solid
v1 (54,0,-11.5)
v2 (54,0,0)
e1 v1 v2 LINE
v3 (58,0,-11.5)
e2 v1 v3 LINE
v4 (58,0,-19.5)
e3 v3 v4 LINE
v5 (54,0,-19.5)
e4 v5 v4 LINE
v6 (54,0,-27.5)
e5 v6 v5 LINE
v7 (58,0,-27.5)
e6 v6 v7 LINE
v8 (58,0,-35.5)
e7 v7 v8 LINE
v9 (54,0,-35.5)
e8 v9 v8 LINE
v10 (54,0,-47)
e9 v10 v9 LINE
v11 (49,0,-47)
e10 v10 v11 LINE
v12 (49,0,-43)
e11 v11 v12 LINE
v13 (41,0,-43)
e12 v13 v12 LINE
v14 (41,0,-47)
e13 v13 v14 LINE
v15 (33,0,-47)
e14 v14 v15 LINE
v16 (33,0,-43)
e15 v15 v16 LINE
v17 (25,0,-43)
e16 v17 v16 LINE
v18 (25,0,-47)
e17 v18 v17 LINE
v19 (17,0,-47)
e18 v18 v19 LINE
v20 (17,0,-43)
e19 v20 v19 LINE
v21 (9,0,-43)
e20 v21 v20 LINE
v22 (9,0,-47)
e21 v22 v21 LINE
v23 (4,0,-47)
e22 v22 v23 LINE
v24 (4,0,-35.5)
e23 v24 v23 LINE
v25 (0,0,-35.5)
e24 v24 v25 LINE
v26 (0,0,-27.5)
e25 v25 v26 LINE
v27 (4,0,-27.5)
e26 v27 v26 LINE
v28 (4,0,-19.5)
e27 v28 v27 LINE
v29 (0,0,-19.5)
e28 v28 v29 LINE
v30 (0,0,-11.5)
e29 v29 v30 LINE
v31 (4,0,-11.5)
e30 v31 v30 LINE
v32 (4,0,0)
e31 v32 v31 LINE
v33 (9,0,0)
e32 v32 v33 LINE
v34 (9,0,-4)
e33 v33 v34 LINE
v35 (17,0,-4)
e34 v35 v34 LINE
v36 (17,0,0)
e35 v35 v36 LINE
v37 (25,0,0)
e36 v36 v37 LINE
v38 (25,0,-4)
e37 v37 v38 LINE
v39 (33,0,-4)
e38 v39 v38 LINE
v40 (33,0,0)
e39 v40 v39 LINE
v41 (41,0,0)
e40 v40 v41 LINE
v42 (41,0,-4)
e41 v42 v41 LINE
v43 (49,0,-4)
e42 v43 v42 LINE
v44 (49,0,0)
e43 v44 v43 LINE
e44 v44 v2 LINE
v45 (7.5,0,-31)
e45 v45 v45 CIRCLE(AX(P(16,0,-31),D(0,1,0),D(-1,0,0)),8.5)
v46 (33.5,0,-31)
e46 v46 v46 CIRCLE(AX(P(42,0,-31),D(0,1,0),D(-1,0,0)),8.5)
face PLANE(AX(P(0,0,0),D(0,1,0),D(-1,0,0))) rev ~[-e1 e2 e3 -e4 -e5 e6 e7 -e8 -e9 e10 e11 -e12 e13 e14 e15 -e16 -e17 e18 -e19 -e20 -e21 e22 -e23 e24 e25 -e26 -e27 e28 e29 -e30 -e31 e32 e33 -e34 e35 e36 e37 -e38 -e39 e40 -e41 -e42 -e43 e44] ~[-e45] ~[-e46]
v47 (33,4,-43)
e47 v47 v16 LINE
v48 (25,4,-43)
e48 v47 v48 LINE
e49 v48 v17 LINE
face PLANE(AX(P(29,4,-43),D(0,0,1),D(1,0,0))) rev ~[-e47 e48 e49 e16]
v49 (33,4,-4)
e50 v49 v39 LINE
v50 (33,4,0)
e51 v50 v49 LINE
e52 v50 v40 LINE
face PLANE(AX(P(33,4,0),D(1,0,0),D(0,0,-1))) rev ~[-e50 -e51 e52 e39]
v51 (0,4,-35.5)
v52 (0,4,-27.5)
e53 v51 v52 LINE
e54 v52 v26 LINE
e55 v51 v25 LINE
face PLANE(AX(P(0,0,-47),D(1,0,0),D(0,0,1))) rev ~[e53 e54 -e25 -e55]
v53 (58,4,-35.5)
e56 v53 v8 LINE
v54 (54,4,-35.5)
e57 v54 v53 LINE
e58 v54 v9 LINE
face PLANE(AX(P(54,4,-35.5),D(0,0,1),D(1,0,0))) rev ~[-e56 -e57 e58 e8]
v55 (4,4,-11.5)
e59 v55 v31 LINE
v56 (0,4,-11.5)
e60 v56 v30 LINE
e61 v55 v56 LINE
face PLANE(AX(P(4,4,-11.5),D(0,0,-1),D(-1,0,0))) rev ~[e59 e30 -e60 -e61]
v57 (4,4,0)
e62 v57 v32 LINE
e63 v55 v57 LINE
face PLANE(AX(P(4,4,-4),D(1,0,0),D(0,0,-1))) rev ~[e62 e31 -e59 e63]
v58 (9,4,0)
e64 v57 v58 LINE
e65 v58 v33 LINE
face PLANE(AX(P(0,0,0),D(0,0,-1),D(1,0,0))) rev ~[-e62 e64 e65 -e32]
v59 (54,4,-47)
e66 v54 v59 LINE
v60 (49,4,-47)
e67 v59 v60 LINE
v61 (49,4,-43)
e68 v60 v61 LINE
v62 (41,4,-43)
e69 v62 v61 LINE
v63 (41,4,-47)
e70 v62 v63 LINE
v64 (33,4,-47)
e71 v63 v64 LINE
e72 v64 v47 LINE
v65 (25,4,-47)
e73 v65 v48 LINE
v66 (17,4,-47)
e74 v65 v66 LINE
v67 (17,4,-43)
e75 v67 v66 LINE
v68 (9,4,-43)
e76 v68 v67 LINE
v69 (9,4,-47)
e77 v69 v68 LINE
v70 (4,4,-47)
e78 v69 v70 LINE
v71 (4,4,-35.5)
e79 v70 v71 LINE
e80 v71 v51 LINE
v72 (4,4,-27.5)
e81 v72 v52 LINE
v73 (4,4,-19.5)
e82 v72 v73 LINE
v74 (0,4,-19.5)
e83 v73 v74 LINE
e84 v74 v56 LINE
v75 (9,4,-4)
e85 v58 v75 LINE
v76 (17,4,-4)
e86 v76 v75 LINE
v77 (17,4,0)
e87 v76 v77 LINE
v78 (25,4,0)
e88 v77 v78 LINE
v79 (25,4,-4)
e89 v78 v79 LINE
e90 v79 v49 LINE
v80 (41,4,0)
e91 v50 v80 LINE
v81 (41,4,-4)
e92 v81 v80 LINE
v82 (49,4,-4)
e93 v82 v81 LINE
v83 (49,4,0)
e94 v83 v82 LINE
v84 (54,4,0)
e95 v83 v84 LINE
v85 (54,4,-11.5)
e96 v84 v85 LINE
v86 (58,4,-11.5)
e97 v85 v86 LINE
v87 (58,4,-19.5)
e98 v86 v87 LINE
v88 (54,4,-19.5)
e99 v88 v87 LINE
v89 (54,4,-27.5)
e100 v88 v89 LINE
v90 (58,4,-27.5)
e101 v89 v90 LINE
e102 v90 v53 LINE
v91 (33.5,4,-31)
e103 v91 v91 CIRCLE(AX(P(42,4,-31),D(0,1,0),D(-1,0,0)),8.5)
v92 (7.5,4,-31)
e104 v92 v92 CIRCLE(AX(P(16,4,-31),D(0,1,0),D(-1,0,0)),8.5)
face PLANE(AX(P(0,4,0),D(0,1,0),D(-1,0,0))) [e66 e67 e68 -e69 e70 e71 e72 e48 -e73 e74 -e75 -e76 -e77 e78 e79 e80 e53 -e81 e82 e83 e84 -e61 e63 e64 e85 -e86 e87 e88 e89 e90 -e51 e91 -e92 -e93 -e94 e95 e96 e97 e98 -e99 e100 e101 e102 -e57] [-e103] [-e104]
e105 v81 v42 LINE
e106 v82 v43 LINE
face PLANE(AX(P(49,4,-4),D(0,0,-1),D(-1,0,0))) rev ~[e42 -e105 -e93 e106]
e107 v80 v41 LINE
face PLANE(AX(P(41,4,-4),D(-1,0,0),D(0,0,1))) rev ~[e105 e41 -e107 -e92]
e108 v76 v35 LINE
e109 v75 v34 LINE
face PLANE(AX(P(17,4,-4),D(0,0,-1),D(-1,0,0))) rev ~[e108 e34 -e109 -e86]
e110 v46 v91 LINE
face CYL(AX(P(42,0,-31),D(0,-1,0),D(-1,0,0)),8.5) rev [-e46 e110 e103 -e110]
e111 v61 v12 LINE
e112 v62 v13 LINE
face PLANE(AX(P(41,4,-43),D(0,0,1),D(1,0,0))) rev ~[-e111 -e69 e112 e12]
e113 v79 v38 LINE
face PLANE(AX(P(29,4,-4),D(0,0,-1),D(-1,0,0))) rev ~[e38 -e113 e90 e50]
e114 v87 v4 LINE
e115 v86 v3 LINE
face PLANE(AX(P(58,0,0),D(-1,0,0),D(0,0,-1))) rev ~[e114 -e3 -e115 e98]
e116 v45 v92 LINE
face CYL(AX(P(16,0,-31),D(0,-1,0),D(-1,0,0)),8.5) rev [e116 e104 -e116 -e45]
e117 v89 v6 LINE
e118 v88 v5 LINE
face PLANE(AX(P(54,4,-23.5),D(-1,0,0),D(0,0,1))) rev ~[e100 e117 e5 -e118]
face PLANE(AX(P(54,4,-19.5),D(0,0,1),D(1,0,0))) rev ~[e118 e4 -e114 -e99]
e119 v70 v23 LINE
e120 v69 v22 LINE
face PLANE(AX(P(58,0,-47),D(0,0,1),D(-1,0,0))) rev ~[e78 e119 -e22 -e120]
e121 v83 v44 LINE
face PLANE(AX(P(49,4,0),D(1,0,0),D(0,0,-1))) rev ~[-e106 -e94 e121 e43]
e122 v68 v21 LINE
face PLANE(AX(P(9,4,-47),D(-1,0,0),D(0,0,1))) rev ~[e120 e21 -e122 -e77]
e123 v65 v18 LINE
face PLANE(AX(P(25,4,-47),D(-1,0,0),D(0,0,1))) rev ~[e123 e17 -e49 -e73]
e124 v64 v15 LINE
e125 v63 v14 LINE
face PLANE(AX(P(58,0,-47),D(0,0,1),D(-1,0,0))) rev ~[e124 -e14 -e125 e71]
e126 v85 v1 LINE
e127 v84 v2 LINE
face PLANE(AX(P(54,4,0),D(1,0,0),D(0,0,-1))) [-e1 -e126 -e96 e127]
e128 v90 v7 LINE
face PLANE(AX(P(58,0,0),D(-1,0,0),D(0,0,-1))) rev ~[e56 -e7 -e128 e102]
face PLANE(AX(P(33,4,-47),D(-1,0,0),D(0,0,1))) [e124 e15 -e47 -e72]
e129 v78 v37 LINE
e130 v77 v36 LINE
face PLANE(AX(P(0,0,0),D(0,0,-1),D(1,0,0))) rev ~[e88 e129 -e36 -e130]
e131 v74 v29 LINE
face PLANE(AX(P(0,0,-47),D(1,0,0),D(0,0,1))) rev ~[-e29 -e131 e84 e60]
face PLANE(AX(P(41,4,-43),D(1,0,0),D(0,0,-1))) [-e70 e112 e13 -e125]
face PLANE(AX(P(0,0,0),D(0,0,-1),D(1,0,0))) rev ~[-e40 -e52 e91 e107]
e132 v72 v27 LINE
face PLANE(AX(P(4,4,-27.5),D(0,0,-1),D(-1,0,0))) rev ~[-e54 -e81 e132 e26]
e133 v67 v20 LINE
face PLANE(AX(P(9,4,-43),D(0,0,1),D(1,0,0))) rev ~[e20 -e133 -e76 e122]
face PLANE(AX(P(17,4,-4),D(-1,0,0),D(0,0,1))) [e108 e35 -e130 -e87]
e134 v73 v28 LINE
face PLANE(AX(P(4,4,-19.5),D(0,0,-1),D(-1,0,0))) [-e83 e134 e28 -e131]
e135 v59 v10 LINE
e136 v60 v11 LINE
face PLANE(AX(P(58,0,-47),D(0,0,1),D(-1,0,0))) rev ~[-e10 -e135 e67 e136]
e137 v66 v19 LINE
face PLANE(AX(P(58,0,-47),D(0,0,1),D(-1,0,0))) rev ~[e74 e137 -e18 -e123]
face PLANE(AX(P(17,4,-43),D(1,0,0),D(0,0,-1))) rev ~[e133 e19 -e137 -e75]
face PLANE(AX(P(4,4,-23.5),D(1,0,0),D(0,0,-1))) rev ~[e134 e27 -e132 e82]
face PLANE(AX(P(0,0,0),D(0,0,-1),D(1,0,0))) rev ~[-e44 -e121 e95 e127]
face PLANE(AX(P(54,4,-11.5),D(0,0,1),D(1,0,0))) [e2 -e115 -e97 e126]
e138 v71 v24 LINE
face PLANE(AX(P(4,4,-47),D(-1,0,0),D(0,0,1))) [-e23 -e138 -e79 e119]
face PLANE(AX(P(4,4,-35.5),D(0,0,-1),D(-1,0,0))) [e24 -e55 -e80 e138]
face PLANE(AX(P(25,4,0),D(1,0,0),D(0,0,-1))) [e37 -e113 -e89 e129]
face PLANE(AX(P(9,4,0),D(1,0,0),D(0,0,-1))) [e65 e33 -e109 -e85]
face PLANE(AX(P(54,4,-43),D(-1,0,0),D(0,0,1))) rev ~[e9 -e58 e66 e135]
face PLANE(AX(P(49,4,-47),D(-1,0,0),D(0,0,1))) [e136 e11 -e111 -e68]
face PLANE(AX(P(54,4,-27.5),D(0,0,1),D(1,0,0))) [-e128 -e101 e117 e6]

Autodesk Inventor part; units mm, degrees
ref_plane "YZ Plane" through (0, 0, 0) normal (1, 0, 0) x (0, 1, 0)
ref_plane "XZ Plane" through (0, 0, 0) normal (0, 1, 0) x (-1, 0, 0)
ref_plane "XY Plane" through (0, 0, 0) normal (0, 0, 1) x (1, 0, 0)
sketch "Sketch1" plane through (0, 0, 0) normal (0, 1, 0) x (-1, 0, 0)
  line L0 (0, 0) -> (-58, 0)
  line L1 (-58, 0) -> (-58, -47)
  line L2 (-58, -47) -> (0, -47)
  line L3 (0, -47) -> (0, 0)
  circle A0 centre (-16, -31) radius 8.5
  circle A1 centre (-42, -31) radius 8.5
  line L4 (-16, -31) -> (-42, -31) construction
  dimension "d0" = 58
  dimension "d1" = 47
  dimension "d2" = 17
  dimension "d3" = 16
  dimension "d4" = 16
  dimension "d18" = 26
extrude "Extrusion1" add sketch "Sketch1" along normal blind 4
sketch "Sketch2" plane through (0, 4, 0) normal (0, 1, 0) x (1, 0, 0)
  line L0 (58, 47) -> (0, 47) projected
  line L1 (0, 47) -> (0, 0) projected
  line L2 (0, 0) -> (58, 0) projected
  line L3 (58, 0) -> (58, 47) projected
  line L4 (4, 43) -> (54, 43)
  line L5 (54, 43) -> (54, 4)
  line L6 (54, 4) -> (4, 4)
  line L7 (4, 4) -> (4, 43)
  line L8 (4, 47) -> (4, 35.5)
  line L9 (4, 35.5) -> (0, 35.5)
  line L10 (0, 47) -> (4, 47)
  line L11 (0, 35.5) -> (0, 47)
  line L12 (0, 23.5) -> (58, 23.5) construction
  line L13 (4, 27.5) -> (0, 27.5)
  line L14 (0, 27.5) -> (0, 23.5)
  line L15 (4, 27.5) -> (4, 23.5)
  line L16 (29, 23.5) -> (29, 47) construction
  line L17 (9, 47) -> (9, 43)
  line L18 (9, 43) -> (17, 43)
  line L19 (17, 43) -> (17, 47)
  line L20 (9, 47) -> (17, 47)
  line L21 (25, 47) -> (25, 43)
  line L22 (29, 43) -> (25, 43)
  line L23 (25, 47) -> (29, 47)
  line L24 (54, 47) -> (54, 35.5)
  line L25 (54, 35.5) -> (58, 35.5)
  line L26 (58, 47) -> (54, 47)
  line L27 (58, 35.5) -> (58, 47)
  line L28 (54, 27.5) -> (58, 27.5)
  line L29 (58, 27.5) -> (58, 23.5)
  line L30 (54, 27.5) -> (54, 23.5)
  line L31 (49, 47) -> (49, 43)
  line L32 (49, 43) -> (41, 43)
  line L33 (41, 43) -> (41, 47)
  line L34 (49, 47) -> (41, 47)
  line L35 (33, 47) -> (33, 43)
  line L36 (29, 43) -> (33, 43)
  line L37 (33, 47) -> (29, 47)
  line L38 (58, 0) -> (0, 0)
  line L39 (4, 4) -> (54, 4)
  line L40 (4, 0) -> (4, 11.5)
  line L41 (4, 11.5) -> (0, 11.5)
  line L42 (0, 0) -> (4, 0)
  line L43 (0, 11.5) -> (0, 0)
  line L44 (4, 19.5) -> (0, 19.5)
  line L45 (0, 19.5) -> (0, 23.5)
  line L46 (4, 19.5) -> (4, 23.5)
  line L47 (29, 23.5) -> (29, 0) construction
  line L48 (9, 0) -> (9, 4)
  line L49 (9, 4) -> (17, 4)
  line L50 (17, 4) -> (17, 0)
  line L51 (9, 0) -> (17, 0)
  line L52 (25, 0) -> (25, 4)
  line L53 (29, 4) -> (25, 4)
  line L54 (25, 0) -> (29, 0)
  line L55 (58, 19.5) -> (58, 23.5)
  line L56 (54, 19.5) -> (54, 23.5)
  line L57 (54, 11.5) -> (58, 11.5)
  line L58 (58, 11.5) -> (58, 0)
  line L59 (58, 0) -> (54, 0)
  line L60 (29, 4) -> (33, 4)
  line L61 (33, 0) -> (33, 4)
  line L62 (33, 0) -> (29, 0)
  line L63 (54, 19.5) -> (58, 19.5)
  line L64 (54, 0) -> (54, 11.5)
  line L65 (49, 4) -> (41, 4)
  line L66 (41, 4) -> (41, 0)
  line L67 (49, 0) -> (49, 4)
  line L68 (49, 0) -> (41, 0)
  dimension "d8" = 4
  dimension "d11" = 8
  dimension "d12" = 8
  dimension "d13" = 4
  dimension "d16" = 4
  dimension "d17" = 8
extrude "Extrusion2" cut sketch "Sketch2" against normal up to surface (4 mm away) contours L3 L25 L5 L24 L0 | L31 L4 L33 L0 | L3 L63 L5 L28 | L35 L4 L21 L0 | L3 L2 L64 L5 L57 | L19 L4 L17 L0 | L2 L66 L6 L67 | L8 L7 L9 L1 L0 | L2 L52 L6 L61 | L13 L7 L44 L1 | L2 L48 L6 L50 | L41 L7 L40 L2 L1
properties part number "front" material "PBT Plastic Black"
